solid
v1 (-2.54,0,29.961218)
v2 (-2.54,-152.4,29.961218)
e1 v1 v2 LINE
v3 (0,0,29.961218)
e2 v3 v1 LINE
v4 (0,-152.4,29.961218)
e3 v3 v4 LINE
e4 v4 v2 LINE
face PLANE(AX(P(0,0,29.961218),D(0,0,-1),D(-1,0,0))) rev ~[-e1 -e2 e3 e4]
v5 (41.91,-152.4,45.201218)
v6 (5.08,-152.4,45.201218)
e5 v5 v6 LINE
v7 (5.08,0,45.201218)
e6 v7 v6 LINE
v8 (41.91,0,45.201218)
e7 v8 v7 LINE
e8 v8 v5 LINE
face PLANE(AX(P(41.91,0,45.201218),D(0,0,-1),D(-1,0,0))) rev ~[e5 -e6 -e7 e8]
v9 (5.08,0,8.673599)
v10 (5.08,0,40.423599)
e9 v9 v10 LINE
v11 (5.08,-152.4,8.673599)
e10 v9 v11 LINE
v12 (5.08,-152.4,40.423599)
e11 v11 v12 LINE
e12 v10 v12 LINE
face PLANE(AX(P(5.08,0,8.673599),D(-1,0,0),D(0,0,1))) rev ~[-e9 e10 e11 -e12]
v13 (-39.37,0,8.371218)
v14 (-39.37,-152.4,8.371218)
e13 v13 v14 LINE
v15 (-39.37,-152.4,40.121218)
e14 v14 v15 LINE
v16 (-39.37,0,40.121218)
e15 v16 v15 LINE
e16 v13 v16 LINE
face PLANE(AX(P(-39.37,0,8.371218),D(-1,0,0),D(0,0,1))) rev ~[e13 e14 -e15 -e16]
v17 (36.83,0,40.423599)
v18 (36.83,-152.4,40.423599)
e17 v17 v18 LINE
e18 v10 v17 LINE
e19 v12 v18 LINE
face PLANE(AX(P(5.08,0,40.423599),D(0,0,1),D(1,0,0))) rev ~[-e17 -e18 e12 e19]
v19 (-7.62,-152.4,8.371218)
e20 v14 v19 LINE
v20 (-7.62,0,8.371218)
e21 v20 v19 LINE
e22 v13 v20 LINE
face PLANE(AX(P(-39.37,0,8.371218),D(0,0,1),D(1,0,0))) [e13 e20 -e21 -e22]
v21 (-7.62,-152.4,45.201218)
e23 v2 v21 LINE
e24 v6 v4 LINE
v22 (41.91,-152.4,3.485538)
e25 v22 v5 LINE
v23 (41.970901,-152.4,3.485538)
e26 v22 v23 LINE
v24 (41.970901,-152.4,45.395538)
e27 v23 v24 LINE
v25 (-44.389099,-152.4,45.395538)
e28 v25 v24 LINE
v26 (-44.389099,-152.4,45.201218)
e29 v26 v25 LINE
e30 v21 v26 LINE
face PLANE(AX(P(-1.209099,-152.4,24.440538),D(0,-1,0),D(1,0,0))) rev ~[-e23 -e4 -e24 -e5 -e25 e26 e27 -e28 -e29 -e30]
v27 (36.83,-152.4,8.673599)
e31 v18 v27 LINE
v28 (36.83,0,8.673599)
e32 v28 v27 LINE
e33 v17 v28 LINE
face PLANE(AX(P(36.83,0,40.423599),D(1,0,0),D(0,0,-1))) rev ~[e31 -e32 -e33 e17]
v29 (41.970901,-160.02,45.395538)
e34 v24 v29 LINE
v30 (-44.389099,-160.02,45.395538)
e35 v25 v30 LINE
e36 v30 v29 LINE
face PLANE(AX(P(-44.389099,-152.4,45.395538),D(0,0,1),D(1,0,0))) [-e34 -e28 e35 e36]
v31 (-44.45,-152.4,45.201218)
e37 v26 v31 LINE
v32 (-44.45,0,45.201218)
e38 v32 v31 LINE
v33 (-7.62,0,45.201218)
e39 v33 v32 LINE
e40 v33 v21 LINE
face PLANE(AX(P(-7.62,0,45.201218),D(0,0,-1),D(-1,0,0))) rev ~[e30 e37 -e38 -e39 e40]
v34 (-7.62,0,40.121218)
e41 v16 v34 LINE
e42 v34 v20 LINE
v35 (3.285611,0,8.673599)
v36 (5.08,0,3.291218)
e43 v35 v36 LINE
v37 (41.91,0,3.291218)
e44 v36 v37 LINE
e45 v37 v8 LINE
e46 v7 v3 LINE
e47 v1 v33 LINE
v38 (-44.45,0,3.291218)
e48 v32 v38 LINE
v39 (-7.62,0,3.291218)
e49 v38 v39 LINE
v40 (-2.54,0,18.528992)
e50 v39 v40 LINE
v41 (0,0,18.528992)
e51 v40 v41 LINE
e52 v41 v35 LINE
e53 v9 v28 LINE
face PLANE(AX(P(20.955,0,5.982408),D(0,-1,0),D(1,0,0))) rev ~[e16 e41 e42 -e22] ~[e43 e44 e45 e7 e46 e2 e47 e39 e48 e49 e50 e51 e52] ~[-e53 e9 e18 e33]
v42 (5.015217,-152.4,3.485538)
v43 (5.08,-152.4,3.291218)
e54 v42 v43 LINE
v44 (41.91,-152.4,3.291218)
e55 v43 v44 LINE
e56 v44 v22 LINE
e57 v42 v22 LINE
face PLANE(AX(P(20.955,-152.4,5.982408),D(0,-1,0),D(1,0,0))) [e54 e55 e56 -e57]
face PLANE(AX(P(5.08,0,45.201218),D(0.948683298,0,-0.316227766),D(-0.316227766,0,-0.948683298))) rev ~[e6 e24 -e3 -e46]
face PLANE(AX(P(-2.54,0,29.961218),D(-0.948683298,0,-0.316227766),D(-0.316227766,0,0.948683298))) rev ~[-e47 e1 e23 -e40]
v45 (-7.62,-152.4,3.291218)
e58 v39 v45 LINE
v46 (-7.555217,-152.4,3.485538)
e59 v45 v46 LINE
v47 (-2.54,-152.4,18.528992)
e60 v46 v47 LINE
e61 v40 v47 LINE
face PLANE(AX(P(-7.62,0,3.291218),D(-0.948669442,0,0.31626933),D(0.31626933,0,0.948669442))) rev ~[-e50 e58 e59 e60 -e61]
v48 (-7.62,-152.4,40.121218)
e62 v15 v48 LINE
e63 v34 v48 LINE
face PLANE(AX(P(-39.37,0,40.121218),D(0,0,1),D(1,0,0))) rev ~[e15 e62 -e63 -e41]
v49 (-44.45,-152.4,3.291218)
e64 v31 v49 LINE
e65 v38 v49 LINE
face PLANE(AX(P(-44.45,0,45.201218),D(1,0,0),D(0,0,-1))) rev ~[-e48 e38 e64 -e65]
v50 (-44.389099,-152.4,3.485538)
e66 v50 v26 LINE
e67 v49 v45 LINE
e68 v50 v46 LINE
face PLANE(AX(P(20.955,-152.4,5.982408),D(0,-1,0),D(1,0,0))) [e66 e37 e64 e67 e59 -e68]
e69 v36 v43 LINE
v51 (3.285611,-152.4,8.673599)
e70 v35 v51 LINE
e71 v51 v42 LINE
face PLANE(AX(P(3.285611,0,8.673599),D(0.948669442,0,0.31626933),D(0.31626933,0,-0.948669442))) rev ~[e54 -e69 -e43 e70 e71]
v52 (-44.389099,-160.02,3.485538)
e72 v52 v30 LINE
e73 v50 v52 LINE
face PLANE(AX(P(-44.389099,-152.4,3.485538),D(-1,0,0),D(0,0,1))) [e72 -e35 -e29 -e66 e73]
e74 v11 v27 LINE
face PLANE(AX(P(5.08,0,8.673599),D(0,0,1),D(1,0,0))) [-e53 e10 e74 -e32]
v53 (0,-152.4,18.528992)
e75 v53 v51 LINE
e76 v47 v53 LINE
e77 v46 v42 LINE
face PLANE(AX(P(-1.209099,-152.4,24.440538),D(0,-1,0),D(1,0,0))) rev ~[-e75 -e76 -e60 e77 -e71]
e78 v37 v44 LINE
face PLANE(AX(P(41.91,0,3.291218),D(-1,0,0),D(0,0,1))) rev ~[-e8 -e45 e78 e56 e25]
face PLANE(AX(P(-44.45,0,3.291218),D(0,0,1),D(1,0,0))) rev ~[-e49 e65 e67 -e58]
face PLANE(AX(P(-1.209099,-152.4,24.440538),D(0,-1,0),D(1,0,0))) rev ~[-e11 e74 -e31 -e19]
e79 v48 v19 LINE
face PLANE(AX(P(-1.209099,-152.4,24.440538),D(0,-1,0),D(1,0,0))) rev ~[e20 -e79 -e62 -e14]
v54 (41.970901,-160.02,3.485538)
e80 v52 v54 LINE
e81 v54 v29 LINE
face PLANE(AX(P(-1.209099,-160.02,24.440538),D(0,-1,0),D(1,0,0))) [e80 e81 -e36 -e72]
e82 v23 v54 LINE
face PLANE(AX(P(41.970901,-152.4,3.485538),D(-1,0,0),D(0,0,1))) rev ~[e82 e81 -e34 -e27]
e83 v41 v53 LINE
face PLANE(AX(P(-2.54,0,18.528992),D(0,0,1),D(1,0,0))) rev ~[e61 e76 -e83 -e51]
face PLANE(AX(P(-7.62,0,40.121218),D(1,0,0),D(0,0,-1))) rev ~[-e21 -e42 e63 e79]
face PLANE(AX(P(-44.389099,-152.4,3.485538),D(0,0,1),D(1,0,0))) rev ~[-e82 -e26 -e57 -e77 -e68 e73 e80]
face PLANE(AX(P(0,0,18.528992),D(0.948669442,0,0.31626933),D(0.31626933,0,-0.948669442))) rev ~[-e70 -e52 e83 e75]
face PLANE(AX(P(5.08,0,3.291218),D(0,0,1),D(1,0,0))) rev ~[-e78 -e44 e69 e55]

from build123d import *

# Parameters (mm, degrees)
F0_W     = 31.75
F0_H     = 5.3823811583
F0_W_2   = 2.54
F0_H_2   = 11.4322254079
F0_W_3   = 5.08
F0_H_3   = 5.08
F0_H_4   = 31.75
F1_DEPTH = 152.4
F3_W     = 86.36
F3_H     = 41.91
F4_DEPTH = 7.62


with BuildPart() as f1:
    # F0 (on Front) → F1 (new body)
    with BuildSketch(Plane.XZ):
        with Locations((20.955, 5.9824082972)):
            Rectangle(F0_W, F0_H)
        with Locations((-1.27, 24.2451050141)):
            Rectangle(F0_W_2, F0_H_2)
        Polygon((5.08, 45.2012177181), (0, 29.9612177181), (5.08, 29.9612177181), (5.08, 40.4235988763), align=None)
        Polygon((41.91, 45.2012177181), (5.08, 45.2012177181), (5.08, 40.4235988763), (36.83, 40.4235988763), (36.83, 8.6735988763), (41.91, 8.6735988763), align=None)
        with Locations((39.37, 5.9824082972)):
            Rectangle(F0_W_3, F0_H)
        with Locations((-5.08, 24.2451050141)):
            Rectangle(F0_W_3, F0_H_2)
        with Locations((-23.495, 42.6612177181)):
            Rectangle(F0_W, F0_H_3)
        with Locations((-41.91, 42.6612177181)):
            Rectangle(F0_W_3, F0_H_3)
        with Locations((-41.91, 24.2462177181)):
            Rectangle(F0_W_3, F0_H_4)
        with Locations((-41.91, 5.8312177181)):
            Rectangle(F0_W_3, F0_H_3)
        with Locations((-23.495, 5.8312177181)):
            Rectangle(F0_W, F0_H_3)
        Polygon((-7.62, 18.5289923102), (-7.62, 8.3712177181), (-7.62, 3.2912177181), (-2.54, 18.5289923102), align=None)
        with Locations((2.54, 24.2451050141)):
            Rectangle(F0_W_3, F0_H_2)
        Polygon((5.08, 8.6735988763), (3.2856109231, 8.6735988763), (5.08, 3.2912177181), align=None)
        Polygon((5.08, 18.5289923102), (0, 18.5289923102), (3.2856109231, 8.6735988763), (5.08, 8.6735988763), align=None)
        Polygon((-7.62, 45.2012177181), (-7.62, 40.1212177181), (-7.62, 29.9612177181), (-2.54, 29.9612177181), align=None)
    extrude(amount=F1_DEPTH)

    # F3 (on offset) → F4 (join)
    with BuildSketch(Plane.XZ.offset(152.4)):
        with Locations((-1.2090988457, 24.44053792)):
            Rectangle(F3_W, F3_H)
    extrude(amount=F4_DEPTH)


solid = f1.part
